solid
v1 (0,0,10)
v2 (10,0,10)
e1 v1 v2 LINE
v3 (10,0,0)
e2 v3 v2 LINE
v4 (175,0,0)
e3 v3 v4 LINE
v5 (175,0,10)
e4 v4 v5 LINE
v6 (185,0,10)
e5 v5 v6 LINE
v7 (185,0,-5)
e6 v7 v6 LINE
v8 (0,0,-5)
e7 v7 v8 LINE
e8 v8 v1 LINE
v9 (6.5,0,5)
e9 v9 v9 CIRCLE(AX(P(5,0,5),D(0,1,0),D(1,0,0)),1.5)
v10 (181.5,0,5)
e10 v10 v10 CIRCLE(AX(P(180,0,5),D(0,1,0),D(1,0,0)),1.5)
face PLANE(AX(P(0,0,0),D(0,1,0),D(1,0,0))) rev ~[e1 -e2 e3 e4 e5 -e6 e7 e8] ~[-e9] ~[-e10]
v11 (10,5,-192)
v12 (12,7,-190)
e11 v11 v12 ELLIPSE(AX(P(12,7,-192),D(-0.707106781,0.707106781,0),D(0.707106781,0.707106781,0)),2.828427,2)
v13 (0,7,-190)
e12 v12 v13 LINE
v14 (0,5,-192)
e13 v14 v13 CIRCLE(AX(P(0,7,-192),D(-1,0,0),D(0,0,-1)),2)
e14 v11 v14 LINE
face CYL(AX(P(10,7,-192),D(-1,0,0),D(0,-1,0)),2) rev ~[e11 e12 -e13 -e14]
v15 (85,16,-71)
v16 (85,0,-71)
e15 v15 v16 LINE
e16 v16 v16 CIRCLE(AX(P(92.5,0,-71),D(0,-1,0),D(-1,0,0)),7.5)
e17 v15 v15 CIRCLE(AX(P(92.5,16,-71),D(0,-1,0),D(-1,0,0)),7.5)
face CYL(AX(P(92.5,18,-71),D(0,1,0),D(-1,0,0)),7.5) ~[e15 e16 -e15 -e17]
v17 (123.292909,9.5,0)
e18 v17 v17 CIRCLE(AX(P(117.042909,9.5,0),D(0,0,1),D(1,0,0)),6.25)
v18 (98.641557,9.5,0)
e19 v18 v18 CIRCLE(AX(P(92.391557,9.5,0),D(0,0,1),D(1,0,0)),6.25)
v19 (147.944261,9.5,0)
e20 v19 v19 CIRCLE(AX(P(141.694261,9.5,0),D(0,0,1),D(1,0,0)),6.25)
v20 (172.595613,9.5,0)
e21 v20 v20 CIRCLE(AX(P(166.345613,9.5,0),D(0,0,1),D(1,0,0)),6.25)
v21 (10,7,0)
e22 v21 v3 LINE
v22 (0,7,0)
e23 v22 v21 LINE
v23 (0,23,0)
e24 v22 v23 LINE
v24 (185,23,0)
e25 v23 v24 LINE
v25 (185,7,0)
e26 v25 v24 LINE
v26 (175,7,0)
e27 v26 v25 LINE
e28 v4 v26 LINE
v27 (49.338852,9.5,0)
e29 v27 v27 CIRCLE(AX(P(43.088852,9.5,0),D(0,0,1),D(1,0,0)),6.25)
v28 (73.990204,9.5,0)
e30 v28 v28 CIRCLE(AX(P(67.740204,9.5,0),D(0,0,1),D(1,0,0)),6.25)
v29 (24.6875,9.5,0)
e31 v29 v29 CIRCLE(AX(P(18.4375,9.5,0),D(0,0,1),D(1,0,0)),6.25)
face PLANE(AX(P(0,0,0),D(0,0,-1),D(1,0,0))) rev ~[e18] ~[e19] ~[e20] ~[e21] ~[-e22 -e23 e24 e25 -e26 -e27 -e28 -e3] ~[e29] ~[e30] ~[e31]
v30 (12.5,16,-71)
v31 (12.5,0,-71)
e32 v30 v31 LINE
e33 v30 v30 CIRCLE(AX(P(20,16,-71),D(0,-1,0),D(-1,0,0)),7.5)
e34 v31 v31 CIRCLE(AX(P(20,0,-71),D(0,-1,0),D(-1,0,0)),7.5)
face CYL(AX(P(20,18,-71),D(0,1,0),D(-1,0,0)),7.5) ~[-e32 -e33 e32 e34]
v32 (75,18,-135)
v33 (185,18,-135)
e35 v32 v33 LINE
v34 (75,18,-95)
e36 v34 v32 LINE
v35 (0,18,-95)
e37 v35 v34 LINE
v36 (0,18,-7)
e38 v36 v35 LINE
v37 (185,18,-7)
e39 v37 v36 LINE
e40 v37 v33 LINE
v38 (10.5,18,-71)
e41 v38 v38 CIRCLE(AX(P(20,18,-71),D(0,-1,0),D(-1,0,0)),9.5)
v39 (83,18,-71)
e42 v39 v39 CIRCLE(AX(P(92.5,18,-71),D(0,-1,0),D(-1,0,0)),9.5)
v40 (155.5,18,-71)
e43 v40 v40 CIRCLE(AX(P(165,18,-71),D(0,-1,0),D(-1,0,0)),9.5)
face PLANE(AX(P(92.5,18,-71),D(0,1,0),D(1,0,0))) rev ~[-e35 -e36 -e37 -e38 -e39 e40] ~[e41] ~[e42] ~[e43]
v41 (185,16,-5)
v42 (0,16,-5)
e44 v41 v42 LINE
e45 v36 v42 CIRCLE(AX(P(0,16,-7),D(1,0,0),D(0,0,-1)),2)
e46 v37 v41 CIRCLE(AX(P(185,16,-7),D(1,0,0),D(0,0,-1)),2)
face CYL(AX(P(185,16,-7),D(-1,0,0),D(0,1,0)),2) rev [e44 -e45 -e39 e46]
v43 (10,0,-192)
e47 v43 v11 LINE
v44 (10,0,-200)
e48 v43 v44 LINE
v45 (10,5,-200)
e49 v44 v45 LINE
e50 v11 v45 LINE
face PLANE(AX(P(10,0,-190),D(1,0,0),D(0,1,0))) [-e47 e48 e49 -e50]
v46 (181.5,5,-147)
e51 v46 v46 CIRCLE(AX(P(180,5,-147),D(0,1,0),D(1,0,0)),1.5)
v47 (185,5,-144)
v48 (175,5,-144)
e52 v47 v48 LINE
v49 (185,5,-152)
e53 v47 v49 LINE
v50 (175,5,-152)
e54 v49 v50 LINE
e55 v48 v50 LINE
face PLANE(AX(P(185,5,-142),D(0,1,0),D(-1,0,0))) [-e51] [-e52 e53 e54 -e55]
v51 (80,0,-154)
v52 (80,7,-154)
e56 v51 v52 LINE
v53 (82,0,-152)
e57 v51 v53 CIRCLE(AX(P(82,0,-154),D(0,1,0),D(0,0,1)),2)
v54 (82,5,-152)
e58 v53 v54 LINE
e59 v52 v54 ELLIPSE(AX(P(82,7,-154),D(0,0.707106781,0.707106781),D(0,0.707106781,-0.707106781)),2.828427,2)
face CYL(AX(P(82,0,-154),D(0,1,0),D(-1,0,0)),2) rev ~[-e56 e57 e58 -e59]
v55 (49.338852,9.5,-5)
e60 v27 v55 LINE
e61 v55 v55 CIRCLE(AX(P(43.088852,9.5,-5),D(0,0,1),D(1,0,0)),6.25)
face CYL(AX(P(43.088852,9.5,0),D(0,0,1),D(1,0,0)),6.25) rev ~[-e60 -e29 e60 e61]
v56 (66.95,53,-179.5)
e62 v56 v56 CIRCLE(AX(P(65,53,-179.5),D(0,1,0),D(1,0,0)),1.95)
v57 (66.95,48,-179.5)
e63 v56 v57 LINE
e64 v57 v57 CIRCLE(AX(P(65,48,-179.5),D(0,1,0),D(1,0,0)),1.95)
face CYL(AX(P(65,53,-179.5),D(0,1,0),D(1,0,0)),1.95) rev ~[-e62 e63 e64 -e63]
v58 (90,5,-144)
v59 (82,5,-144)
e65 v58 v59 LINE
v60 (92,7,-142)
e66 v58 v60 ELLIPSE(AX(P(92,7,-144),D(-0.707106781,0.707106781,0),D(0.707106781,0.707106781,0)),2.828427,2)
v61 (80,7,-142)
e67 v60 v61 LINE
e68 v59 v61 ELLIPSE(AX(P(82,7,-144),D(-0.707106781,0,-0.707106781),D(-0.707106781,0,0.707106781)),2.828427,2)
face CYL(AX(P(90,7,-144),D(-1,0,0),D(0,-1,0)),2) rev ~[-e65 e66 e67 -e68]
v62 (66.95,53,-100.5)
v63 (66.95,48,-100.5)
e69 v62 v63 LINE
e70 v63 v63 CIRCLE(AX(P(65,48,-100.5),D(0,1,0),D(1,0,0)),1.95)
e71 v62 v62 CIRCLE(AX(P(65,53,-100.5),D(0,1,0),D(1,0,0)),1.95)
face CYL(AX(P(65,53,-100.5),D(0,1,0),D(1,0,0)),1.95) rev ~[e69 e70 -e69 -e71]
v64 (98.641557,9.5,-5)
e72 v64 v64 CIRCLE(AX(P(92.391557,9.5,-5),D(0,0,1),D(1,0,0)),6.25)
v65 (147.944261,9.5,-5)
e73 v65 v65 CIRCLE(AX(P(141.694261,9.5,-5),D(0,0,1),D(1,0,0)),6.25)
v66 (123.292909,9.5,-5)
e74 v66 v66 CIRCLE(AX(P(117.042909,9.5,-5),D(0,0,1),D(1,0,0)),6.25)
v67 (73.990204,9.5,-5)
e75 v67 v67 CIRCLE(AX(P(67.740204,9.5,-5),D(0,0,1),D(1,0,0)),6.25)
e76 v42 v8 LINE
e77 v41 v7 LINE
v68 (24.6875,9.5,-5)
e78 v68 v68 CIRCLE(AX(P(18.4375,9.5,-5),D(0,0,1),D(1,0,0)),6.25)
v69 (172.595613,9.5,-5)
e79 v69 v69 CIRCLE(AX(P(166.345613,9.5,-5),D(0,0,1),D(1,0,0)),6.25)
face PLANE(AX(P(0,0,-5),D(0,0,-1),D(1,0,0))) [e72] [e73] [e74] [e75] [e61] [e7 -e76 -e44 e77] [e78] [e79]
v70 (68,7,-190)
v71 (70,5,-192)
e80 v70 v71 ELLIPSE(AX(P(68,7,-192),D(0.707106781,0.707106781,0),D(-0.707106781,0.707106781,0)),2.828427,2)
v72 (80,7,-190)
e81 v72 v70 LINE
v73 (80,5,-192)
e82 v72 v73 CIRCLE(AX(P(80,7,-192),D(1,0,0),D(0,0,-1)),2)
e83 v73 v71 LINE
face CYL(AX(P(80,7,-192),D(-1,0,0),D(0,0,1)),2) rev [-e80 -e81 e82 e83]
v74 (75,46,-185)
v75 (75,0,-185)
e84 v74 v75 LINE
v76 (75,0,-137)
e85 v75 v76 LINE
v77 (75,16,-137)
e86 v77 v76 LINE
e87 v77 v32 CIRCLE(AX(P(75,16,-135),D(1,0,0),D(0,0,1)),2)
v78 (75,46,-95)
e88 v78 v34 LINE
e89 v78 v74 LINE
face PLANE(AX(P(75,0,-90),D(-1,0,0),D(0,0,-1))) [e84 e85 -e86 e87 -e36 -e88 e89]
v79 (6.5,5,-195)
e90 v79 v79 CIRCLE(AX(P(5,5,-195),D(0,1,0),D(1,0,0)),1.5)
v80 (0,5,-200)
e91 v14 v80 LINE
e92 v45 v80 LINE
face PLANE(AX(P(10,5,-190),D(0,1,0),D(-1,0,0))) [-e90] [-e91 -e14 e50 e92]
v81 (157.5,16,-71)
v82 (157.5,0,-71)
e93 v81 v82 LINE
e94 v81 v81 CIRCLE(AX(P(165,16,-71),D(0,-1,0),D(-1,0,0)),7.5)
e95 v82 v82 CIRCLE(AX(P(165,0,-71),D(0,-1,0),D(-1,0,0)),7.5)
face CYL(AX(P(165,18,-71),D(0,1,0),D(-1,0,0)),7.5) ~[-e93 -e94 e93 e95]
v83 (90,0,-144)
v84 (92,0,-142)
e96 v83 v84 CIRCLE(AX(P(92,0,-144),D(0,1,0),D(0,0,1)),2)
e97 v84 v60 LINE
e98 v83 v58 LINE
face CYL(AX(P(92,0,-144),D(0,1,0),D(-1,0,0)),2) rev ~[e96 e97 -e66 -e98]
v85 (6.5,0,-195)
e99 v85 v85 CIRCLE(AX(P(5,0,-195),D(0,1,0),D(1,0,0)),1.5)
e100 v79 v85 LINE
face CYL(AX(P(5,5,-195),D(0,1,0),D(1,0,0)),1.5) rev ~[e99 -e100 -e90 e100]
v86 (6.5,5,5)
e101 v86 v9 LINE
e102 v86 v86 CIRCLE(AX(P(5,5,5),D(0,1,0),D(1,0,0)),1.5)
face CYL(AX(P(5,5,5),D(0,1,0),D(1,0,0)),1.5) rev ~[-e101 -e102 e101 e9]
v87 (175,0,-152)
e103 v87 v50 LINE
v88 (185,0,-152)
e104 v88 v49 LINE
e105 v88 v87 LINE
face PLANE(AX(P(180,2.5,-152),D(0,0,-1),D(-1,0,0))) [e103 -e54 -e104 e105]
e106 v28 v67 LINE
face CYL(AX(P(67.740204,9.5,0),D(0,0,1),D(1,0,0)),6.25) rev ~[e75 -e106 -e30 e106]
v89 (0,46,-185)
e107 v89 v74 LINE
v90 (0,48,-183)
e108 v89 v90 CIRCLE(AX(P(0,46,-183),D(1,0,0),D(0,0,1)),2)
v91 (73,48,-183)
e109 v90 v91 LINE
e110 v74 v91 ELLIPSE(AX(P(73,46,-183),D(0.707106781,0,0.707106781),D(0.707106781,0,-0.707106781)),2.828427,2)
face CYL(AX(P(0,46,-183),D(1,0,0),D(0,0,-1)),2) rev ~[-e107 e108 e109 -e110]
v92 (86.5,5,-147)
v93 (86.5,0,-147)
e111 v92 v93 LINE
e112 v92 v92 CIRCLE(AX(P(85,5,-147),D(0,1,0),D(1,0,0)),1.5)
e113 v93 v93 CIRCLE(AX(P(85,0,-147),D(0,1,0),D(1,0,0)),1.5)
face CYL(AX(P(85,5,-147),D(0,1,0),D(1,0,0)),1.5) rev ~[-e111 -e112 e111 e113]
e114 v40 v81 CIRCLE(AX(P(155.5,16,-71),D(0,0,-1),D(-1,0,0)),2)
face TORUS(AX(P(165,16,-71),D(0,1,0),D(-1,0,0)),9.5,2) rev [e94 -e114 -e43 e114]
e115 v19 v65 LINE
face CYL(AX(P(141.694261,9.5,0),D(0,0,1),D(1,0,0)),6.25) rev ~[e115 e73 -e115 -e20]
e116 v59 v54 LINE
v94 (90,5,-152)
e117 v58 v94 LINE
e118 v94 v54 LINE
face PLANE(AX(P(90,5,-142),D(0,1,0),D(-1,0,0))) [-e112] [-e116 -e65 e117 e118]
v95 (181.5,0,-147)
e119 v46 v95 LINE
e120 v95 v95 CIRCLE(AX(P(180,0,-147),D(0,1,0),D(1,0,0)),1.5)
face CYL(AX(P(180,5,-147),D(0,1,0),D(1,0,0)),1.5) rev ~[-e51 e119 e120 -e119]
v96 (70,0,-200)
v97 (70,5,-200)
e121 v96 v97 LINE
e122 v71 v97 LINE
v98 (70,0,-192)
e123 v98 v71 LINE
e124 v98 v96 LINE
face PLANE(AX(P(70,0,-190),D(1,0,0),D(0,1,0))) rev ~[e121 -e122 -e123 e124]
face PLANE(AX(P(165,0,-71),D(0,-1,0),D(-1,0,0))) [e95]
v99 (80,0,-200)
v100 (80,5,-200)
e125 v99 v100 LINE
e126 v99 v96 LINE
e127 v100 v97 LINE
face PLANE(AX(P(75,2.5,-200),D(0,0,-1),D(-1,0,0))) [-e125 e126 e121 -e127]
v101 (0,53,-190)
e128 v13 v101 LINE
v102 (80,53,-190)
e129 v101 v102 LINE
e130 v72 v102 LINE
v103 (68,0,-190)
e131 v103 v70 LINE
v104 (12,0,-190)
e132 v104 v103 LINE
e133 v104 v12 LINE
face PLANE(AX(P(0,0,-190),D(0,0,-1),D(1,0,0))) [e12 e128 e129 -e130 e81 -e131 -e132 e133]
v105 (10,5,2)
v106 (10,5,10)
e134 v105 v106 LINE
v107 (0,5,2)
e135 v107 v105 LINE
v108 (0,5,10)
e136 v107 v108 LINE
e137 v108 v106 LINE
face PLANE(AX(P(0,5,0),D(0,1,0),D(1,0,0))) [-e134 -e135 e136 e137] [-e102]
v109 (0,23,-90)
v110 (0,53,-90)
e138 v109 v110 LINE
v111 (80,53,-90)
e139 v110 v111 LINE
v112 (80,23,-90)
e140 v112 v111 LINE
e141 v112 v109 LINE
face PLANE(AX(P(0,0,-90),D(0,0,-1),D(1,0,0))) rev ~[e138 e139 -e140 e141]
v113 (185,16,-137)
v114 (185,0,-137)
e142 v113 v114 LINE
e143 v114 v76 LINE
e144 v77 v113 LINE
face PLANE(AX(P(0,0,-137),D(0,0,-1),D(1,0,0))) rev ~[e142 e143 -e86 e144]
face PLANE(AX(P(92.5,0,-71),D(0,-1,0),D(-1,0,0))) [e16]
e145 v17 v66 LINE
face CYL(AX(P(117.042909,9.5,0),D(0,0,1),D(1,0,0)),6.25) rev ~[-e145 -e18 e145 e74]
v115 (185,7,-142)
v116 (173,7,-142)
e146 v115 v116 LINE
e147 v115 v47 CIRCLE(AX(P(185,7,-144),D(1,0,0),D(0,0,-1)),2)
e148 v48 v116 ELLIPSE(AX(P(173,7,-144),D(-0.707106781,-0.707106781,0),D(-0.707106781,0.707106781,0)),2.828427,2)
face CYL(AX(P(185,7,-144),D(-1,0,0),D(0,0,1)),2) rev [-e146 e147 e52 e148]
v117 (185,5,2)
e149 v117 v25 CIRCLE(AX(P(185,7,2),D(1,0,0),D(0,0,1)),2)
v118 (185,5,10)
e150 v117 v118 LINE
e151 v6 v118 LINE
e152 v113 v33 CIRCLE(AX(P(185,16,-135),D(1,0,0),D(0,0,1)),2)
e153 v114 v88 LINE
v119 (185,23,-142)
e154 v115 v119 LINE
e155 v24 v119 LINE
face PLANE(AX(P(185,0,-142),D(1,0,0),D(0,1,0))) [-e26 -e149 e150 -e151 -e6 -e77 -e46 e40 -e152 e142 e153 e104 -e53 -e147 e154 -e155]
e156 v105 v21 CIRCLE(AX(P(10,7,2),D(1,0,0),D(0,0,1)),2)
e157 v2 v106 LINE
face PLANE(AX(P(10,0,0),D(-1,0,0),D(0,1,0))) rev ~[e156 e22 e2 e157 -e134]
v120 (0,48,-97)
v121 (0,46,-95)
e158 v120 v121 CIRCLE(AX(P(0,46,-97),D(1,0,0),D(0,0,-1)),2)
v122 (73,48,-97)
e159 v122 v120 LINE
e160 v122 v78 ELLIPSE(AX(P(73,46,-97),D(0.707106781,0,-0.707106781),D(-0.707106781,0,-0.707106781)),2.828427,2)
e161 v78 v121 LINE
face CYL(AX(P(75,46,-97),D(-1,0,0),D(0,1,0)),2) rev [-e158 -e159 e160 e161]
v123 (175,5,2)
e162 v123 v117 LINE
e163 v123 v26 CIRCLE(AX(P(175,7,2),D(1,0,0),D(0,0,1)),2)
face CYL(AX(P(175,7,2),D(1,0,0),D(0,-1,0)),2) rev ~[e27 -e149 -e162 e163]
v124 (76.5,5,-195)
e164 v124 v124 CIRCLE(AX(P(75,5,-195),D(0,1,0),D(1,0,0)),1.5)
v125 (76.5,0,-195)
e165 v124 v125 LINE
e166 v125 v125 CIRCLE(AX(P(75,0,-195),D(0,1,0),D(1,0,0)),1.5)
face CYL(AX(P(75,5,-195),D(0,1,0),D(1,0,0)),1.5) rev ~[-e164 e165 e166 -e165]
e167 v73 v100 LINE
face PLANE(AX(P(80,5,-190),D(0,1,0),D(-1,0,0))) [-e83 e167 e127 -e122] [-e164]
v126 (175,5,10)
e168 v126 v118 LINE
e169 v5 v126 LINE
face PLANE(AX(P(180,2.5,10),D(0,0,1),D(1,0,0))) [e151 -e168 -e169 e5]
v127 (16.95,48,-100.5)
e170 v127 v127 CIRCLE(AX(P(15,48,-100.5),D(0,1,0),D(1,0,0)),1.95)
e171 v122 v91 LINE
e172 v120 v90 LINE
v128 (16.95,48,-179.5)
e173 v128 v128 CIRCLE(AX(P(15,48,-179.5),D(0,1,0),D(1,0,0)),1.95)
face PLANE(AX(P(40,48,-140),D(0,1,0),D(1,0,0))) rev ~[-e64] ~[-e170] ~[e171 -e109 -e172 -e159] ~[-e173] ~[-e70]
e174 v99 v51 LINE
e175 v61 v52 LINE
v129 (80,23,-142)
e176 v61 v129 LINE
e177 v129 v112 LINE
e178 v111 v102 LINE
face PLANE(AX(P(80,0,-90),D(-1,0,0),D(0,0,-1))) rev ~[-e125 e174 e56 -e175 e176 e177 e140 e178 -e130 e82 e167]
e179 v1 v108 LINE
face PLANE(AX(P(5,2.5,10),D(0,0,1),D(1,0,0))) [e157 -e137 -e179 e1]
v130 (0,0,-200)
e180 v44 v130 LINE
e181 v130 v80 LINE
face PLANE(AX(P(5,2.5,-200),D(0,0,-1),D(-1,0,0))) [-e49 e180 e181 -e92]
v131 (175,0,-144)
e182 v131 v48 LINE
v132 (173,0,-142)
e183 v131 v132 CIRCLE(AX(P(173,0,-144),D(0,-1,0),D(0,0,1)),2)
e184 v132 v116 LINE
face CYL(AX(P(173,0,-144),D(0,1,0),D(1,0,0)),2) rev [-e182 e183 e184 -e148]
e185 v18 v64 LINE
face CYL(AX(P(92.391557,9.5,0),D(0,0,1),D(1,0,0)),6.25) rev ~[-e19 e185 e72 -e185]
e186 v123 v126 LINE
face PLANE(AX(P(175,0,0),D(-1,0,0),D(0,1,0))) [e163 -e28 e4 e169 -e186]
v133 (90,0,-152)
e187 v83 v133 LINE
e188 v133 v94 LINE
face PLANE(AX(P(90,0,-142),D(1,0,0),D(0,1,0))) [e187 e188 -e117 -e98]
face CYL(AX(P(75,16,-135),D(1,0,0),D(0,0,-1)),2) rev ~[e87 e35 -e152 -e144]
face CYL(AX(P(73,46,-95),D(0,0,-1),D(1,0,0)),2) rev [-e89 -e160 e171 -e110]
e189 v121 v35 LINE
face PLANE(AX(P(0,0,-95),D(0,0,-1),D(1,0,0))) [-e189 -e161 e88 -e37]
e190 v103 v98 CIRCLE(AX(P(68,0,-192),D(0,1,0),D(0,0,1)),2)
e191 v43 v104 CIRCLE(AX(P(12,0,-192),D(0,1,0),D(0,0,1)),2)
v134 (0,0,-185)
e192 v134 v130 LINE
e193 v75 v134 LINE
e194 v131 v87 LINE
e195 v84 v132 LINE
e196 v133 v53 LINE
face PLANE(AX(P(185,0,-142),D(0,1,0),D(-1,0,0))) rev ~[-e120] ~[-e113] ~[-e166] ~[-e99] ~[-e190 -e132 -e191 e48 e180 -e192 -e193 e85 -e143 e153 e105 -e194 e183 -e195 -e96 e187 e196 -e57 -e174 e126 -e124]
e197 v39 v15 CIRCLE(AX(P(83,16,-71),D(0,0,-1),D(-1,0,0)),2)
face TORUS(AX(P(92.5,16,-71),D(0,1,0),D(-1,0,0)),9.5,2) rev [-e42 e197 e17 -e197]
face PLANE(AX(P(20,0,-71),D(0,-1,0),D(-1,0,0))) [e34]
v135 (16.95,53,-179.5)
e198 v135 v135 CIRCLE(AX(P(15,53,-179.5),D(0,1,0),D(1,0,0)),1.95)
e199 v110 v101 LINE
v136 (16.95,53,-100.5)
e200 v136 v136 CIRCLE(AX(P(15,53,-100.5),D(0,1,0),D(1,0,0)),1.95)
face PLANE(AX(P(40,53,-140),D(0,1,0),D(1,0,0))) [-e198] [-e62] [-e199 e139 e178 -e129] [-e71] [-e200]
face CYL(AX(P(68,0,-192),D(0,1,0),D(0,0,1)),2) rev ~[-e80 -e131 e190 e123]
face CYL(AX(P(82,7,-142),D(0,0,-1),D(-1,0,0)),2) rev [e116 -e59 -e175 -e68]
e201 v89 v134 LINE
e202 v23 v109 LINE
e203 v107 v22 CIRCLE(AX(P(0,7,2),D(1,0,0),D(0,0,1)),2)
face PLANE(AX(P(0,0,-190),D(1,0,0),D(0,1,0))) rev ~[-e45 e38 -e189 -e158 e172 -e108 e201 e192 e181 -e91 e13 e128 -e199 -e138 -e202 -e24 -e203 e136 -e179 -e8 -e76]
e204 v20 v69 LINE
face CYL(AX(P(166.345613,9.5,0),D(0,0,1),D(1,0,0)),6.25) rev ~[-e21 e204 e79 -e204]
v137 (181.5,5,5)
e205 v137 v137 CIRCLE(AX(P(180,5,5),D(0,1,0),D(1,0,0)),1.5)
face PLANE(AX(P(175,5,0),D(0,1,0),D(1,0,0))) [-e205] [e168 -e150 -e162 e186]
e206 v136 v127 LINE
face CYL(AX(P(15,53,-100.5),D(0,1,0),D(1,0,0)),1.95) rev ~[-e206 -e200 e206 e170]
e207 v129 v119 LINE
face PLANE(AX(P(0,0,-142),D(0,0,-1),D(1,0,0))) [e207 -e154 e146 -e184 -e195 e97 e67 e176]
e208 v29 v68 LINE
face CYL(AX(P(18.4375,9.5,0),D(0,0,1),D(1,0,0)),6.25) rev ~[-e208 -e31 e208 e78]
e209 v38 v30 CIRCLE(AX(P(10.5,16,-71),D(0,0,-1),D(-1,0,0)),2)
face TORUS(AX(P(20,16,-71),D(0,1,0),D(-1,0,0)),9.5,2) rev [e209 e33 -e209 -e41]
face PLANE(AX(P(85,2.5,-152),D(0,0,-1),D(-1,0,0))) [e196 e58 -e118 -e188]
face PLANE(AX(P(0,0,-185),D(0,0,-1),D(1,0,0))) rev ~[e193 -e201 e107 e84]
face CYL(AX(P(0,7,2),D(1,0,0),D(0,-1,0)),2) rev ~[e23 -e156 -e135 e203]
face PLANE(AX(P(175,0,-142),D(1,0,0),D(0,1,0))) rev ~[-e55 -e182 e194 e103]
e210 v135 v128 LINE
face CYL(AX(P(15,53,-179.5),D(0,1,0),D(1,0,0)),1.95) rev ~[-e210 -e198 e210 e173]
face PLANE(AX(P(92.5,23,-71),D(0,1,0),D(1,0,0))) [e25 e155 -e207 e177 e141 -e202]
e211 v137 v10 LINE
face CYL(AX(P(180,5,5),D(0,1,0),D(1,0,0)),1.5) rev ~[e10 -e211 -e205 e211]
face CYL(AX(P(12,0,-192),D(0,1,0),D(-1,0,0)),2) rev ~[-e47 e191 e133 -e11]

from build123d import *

# Parameters (mm, degrees)
SKETCH1_W            = 185
SKETCH1_H            = 142
BOSS_EXTRUDE1_DEPTH  = 23
SKETCH12_W           = 80
SKETCH12_H           = 100
BOSS_EXTRUDE6_DEPTH  = 53
SHELL1_T             = -5
SKETCH11_R           = 6.25
CUT_EXTRUDE2_DEPTH   = 6
FILLET1_R            = 2
SKETCH13_R           = 1.95
CUT_EXTRUDE3_DEPTH   = 54
SKETCH15_W           = 10
SKETCH15_H           = 5
BOSS_EXTRUDE8_DEPTH  = 10
SKETCH16_W           = 10
SKETCH16_H           = 5
BOSS_EXTRUDE9_DEPTH  = 10
SKETCH17_W           = 10
SKETCH17_H           = 5
BOSS_EXTRUDE10_DEPTH = 10
FILLET2_R            = 2
SKETCH18_R           = 1.5
CUT_EXTRUDE4_DEPTH   = 10
SKETCH19_R           = 7.5
BOSS_EXTRUDE11_DEPTH = 18
FILLET3_R            = 2


with BuildPart() as part:
    # Sketch1 → Boss-Extrude1 (new body)
    with BuildSketch(Plane(origin=(0, 0, 0), x_dir=(1, 0, 0), z_dir=(0, 1, 0))):
        with Locations((92.5, 71)):
            Rectangle(SKETCH1_W, SKETCH1_H)
    extrude(amount=BOSS_EXTRUDE1_DEPTH)

    # Sketch12 → Boss-Extrude6 (add)
    with BuildSketch(Plane(origin=(0, 0, 0), x_dir=(1, 0, 0), z_dir=(0, 1, 0))):
        with Locations((40, 140)):
            Rectangle(SKETCH12_W, SKETCH12_H)
    extrude(amount=BOSS_EXTRUDE6_DEPTH)

    # Shell1
    shell1_openings = [part.faces().sort_by_distance(p)[0] for p in [
        (88.333333333, 0, -110.666666667),
        (185, 11.5, -71),
        (0, 25.333333333, -93.333333333),
    ]]
    offset(amount=SHELL1_T, openings=shell1_openings, kind=Kind.INTERSECTION)

    # Sketch11 → Cut-Extrude2 (cut)
    with BuildSketch(Plane.XY):
        with Locations((18.4375, 9.5)):
            Circle(SKETCH11_R)
        with Locations((43.088852194, 9.5)):
            Circle(SKETCH11_R)
        with Locations((67.740204388, 9.5)):
            Circle(SKETCH11_R)
        with Locations((92.391556582, 9.5)):
            Circle(SKETCH11_R)
        with Locations((117.042908776, 9.5)):
            Circle(SKETCH11_R)
        with Locations((141.69426097, 9.5)):
            Circle(SKETCH11_R)
        with Locations((166.345613164, 9.5)):
            Circle(SKETCH11_R)
    extrude(amount=-CUT_EXTRUDE2_DEPTH, mode=Mode.SUBTRACT)

    # Fillet1
    fillet1_edges = [part.edges().sort_by_distance(p)[0] for p in [
        (92.5, 18, -5),
        (130, 18, -137),
        (37.5, 48, -95),
        (75, 48, -140),
        (37.5, 48, -185),
    ]]
    fillet(fillet1_edges, radius=FILLET1_R)

    # Sketch13 → Cut-Extrude3 (cut, through all)
    with BuildSketch(Plane(origin=(0, 53, 0), x_dir=(1, 0, 0), z_dir=(0, 1, 0))):
        with Locations((15, 100.5)):
            Circle(SKETCH13_R)
        with Locations((15, 179.5)):
            Circle(SKETCH13_R)
        with Locations((65, 179.5)):
            Circle(SKETCH13_R)
        with Locations((65, 100.5)):
            Circle(SKETCH13_R)
    extrude(amount=-CUT_EXTRUDE3_DEPTH, mode=Mode.SUBTRACT)

    # Sketch15 → Boss-Extrude8 (add)
    with BuildSketch(Plane.XY):
        with Locations((5, 2.5)):
            Rectangle(SKETCH15_W, SKETCH15_H)
        with Locations((180, 2.5)):
            Rectangle(SKETCH15_W, SKETCH15_H)
    extrude(amount=BOSS_EXTRUDE8_DEPTH)

    # Sketch16 → Boss-Extrude9 (add)
    with BuildSketch(Plane(origin=(0, 0, -190), x_dir=(-1, 0, 0), z_dir=(0, 0, -1))):
        with Locations((-5, 2.5)):
            Rectangle(SKETCH16_W, SKETCH16_H)
        with Locations((-75, 2.5)):
            Rectangle(SKETCH16_W, SKETCH16_H)
    extrude(amount=BOSS_EXTRUDE9_DEPTH)

    # Sketch17 → Boss-Extrude10 (add)
    with BuildSketch(Plane(origin=(0, 0, -142), x_dir=(-1, 0, 0), z_dir=(0, 0, -1))):
        with Locations((-180, 2.5)):
            Rectangle(SKETCH17_W, SKETCH17_H)
        with Locations((-85, 2.5)):
            Rectangle(SKETCH17_W, SKETCH17_H)
    extrude(amount=BOSS_EXTRUDE10_DEPTH)

    # Fillet2
    fillet2_edges = [part.edges().sort_by_distance(p)[0] for p in [
        (175, 2.5, -142),
        (180, 5, -142),
        (90, 2.5, -142),
        (85, 5, -142),
        (80, 5, -147),
        (80, 2.5, -152),
        (75, 5, -190),
        (70, 2.5, -190),
        (180, 5, 0),
        (5, 5, 0),
        (10, 2.5, -190),
        (5, 5, -190),
    ]]
    fillet(fillet2_edges, radius=FILLET2_R)

    # Sketch18 → Cut-Extrude4 (cut)
    with BuildSketch(Plane(origin=(0, 5, 0), x_dir=(1, 0, 0), z_dir=(0, 1, 0))):
        with Locations((180, 147)):
            Circle(SKETCH18_R)
        with Locations((85, 147)):
            Circle(SKETCH18_R)
        with Locations((5, -5)):
            Circle(SKETCH18_R)
        with Locations((180, -5)):
            Circle(SKETCH18_R)
        with Locations((75, 195)):
            Circle(SKETCH18_R)
        with Locations((5, 195)):
            Circle(SKETCH18_R)
    extrude(amount=-CUT_EXTRUDE4_DEPTH, mode=Mode.SUBTRACT)

    # Sketch19 → Boss-Extrude11 (add)
    with BuildSketch(Plane(origin=(0, 18, 0), x_dir=(-1, 0, 0), z_dir=(0, -1, 0))):
        with Locations((-165, 71)):
            Circle(SKETCH19_R)
        with Locations((-92.5, 71)):
            Circle(SKETCH19_R)
        with Locations((-20, 71)):
            Circle(SKETCH19_R)
    extrude(amount=BOSS_EXTRUDE11_DEPTH)

    # Fillet3
    fillet3_edges = [part.edges().sort_by_distance(p)[0] for p in [
        (172.5, 18, -71),
        (100, 18, -71),
        (27.5, 18, -71),
    ]]
    fillet(fillet3_edges, radius=FILLET3_R)


solid = part.part
